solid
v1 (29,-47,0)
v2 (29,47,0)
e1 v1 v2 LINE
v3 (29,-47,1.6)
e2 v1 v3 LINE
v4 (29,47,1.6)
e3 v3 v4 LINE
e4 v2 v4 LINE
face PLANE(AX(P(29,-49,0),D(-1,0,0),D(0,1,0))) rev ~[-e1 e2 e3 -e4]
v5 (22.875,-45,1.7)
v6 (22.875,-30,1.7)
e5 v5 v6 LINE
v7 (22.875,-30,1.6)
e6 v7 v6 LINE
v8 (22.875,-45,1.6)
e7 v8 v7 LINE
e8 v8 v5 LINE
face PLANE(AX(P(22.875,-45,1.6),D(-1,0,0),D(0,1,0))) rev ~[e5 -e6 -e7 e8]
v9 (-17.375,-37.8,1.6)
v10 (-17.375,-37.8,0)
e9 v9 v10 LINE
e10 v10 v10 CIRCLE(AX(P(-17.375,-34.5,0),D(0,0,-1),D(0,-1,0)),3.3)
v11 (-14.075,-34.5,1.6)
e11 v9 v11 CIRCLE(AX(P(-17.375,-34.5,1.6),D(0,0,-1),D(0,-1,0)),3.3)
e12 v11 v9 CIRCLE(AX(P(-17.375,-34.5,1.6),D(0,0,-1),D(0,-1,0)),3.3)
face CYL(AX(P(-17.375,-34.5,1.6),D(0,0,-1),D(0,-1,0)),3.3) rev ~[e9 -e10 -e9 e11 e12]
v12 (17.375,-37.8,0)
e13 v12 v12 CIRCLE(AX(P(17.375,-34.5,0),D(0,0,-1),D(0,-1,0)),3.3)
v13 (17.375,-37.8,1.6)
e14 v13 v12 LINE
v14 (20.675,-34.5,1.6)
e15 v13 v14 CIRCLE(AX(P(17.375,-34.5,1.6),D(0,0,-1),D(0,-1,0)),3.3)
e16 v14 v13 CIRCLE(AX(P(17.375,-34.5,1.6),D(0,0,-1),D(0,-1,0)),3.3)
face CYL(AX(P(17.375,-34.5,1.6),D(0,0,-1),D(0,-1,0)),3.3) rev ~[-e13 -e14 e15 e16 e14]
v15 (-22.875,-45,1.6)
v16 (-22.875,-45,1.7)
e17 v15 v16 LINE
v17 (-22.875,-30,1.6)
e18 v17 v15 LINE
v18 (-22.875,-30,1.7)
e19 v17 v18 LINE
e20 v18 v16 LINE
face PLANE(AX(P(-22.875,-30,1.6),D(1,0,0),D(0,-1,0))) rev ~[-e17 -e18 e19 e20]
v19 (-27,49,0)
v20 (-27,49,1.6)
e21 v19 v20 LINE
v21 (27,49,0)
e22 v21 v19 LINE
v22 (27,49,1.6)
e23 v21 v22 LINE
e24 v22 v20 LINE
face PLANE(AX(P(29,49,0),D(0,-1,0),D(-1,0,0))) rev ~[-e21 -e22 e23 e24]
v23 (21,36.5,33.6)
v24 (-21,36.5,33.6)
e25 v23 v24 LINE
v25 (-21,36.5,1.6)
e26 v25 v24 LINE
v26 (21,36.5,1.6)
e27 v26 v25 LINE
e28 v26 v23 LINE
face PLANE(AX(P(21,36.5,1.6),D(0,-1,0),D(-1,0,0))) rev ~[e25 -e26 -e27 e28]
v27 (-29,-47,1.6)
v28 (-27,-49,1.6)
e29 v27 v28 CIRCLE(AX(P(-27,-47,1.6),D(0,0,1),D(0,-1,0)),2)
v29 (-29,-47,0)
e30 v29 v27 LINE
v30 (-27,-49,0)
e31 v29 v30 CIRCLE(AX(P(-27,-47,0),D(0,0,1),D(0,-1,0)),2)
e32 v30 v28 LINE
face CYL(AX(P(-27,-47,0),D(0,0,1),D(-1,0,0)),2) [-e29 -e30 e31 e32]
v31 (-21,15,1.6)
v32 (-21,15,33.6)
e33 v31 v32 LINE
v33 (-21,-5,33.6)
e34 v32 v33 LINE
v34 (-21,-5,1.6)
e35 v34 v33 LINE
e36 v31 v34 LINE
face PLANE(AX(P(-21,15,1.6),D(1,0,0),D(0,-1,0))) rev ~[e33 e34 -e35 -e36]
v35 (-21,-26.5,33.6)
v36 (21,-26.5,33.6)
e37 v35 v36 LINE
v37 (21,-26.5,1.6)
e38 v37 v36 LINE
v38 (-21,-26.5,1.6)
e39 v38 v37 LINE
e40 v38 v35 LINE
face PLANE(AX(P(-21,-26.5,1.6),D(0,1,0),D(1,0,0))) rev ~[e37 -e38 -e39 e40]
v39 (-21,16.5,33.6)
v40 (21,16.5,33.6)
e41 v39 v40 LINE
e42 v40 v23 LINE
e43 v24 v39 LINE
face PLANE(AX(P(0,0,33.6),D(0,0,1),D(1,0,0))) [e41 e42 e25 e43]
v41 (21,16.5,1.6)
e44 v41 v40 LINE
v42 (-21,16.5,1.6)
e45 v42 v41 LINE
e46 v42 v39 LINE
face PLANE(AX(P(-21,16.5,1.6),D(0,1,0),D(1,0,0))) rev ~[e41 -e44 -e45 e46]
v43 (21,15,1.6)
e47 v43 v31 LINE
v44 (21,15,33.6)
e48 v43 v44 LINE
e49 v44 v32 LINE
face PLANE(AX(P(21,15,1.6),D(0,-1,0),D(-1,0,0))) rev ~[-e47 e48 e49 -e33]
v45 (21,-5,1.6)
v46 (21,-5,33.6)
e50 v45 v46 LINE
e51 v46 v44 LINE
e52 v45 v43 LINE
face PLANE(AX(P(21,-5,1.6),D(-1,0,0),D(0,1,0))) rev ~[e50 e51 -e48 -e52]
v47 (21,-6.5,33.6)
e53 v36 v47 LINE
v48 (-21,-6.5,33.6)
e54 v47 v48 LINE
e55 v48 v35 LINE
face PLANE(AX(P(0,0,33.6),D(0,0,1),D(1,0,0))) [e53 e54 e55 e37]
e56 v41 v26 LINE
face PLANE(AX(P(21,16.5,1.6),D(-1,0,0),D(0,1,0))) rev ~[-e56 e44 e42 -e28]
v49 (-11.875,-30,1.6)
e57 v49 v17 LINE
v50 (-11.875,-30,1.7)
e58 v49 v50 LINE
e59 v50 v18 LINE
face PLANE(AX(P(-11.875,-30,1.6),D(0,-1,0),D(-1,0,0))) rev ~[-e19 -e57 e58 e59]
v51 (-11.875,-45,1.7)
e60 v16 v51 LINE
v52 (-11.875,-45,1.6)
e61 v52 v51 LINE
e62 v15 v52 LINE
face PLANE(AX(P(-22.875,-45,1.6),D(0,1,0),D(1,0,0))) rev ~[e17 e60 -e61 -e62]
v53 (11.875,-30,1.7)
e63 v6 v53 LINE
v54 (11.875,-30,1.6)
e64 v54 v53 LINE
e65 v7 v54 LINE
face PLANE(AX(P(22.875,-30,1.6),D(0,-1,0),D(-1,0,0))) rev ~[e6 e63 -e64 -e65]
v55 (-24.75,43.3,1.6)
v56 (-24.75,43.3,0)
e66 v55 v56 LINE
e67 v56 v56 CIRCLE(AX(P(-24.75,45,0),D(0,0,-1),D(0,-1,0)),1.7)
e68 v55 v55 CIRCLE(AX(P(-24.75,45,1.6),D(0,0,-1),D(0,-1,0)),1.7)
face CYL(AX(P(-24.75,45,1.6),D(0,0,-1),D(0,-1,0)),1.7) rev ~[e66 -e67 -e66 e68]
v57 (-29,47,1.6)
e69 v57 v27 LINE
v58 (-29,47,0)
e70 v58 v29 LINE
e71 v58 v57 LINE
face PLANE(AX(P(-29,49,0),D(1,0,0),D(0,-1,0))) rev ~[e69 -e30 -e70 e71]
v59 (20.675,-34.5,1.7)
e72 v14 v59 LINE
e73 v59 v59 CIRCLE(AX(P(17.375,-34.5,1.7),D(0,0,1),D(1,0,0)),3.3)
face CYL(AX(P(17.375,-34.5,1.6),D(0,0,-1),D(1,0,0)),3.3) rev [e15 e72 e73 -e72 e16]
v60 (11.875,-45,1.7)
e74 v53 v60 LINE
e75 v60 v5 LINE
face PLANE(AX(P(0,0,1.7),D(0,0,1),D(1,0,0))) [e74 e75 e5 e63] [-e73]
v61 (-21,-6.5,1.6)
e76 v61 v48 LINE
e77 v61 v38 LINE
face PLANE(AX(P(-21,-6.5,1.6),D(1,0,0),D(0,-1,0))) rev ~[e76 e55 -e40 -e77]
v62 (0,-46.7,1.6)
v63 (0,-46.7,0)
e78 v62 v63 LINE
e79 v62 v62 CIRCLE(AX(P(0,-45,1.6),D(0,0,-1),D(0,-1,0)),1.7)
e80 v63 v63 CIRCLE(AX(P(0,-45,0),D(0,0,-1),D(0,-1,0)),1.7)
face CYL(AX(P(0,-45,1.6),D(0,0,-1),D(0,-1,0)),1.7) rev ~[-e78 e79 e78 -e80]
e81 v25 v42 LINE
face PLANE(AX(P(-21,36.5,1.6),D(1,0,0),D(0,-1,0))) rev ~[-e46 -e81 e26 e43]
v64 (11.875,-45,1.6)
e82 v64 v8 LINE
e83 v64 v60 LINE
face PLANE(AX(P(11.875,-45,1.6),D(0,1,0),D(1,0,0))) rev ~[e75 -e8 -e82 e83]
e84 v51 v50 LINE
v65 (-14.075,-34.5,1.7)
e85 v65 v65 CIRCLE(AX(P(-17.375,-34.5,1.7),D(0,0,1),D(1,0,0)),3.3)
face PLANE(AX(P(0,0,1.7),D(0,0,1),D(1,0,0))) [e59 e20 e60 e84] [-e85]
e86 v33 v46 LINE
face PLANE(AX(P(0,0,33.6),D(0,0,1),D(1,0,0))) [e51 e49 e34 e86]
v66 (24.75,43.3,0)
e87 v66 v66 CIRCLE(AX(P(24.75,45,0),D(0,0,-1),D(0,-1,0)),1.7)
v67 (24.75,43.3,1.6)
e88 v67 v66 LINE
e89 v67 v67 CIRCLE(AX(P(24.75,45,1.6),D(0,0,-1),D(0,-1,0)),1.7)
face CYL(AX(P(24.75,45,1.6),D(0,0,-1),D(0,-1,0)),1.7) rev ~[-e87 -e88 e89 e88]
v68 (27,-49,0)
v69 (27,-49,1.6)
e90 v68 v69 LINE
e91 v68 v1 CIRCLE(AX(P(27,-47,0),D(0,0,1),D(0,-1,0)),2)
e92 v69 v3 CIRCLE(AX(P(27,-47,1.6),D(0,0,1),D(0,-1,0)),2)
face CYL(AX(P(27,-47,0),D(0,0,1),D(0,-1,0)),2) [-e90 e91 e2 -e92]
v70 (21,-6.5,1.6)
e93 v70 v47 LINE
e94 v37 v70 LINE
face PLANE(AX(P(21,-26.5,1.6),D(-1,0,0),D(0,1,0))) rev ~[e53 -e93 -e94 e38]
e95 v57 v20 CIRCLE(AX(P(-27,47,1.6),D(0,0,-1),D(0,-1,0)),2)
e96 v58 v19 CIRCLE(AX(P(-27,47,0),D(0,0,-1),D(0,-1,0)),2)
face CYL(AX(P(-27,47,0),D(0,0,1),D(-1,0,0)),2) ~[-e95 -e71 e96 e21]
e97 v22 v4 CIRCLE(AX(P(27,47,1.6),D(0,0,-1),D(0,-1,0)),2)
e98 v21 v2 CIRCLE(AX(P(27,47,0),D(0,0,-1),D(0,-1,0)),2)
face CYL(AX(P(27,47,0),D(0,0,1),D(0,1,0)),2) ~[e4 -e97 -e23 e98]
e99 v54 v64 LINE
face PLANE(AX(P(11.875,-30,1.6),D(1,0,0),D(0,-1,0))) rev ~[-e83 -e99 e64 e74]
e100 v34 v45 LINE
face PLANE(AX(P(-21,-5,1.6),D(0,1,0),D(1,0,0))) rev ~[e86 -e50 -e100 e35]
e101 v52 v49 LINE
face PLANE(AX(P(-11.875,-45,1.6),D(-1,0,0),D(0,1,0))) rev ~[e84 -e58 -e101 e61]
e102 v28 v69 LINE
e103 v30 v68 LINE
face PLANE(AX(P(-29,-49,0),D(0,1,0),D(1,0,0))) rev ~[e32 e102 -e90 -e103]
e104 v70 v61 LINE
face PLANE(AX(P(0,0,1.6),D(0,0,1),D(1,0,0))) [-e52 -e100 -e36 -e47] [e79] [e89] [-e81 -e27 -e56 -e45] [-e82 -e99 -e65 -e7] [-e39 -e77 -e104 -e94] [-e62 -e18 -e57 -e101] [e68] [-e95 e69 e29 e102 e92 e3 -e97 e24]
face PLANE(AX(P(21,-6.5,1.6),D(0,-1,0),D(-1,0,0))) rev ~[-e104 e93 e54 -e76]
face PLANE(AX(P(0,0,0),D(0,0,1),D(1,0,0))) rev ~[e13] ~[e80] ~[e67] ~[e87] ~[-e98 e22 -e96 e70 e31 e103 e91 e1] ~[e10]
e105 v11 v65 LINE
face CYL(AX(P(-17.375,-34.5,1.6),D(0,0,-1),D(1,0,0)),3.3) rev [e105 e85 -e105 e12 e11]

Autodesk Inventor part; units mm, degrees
ref_plane "YZ Plane" through (0, 0, 0) normal (1, 0, 0) x (0, 1, 0)
ref_plane "XZ Plane" through (0, 0, 0) normal (0, 1, 0) x (-1, 0, 0)
ref_plane "XY Plane" through (0, 0, 0) normal (0, 0, 1) x (1, 0, 0)
sketch "Sketch1" plane through (0, 0, 0) normal (0, 0, 1) x (1, 0, 0)
  line L0 (-29, -49) -> (29, -49)
  line L1 (29, -49) -> (29, 49)
  line L2 (29, 49) -> (-29, 49)
  line L3 (-29, 49) -> (-29, -49)
  line L4 (-29, -49) -> (29, 49) construction
  line L5 (29, -49) -> (-29, 49) construction
  point P0 (0, 0)
  dimension "d0" = 58
  dimension "d1" = 98
extrude "Extrusion1" add sketch "Sketch1" along normal blind 1.6
sketch "Sketch2" plane through (0, 0, 1.6) normal (0, 0, 1) x (1, 0, 0)
  line L0 (-21, 16.5) -> (21, 16.5)
  line L1 (21, 16.5) -> (21, 36.5)
  line L2 (21, 36.5) -> (-21, 36.5)
  line L3 (-21, 36.5) -> (-21, 16.5)
  line L4 (-21, 16.5) -> (21, 36.5) construction
  line L5 (21, 16.5) -> (-21, 36.5) construction
  line L6 (-21, -5) -> (21, -5)
  line L7 (21, -5) -> (21, 15)
  line L8 (21, 15) -> (-21, 15)
  line L9 (-21, 15) -> (-21, -5)
  line L10 (-21, -5) -> (21, 15) construction
  line L11 (21, -5) -> (-21, 15) construction
  line L12 (-21, -26.5) -> (21, -26.5)
  line L13 (21, -26.5) -> (21, -6.5)
  line L14 (21, -6.5) -> (-21, -6.5)
  line L15 (-21, -6.5) -> (-21, -26.5)
  line L16 (-21, -26.5) -> (21, -6.5) construction
  line L17 (21, -26.5) -> (-21, -6.5) construction
  line L18 (-29, -49) -> (29, -49) projected
  line L19 (29, 49) -> (-29, 49) projected
  point P0 (0, 0)
  point P1 (0, 26.5)
  point P2 (0, 5)
  point P3 (0, -16.5)
  point P4 (0, 16.5)
  dimension "d4" = 42
  dimension "d5" = 20
  dimension "d6" = 20
  dimension "d7" = 20
  dimension "d8" = 1.5
  dimension "d9" = 1.5
  dimension "d31" = 12.5
extrude "Extrusion2" add sketch "Sketch2" along normal blind 32
sketch "Sketch3" plane through (0, 0, 1.6) normal (0, 0, 1) x (1, 0, 0)
  line L0 (-24.75, -45) -> (24.75, -45) construction
  line L1 (24.75, -45) -> (24.75, 45) construction
  line L2 (24.75, 45) -> (-24.75, 45) construction
  line L3 (-24.75, 45) -> (-24.75, -45) construction
  line L4 (-24.75, -45) -> (24.75, 45) construction
  line L5 (24.75, -45) -> (-24.75, 45) construction
  point P0 (0, 0)
  point P1 (0, -45)
  dimension "d13" = 90
  dimension "d14" = 49.5
hole "Hole1" at (-24.75, 45, 1.6) at (24.75, 45, 1.6) at (0, -45, 1.6) direction (0, 0, -1) diameter 3.4 depth 9.525 tip angle 118 clearance for "Countersunk Flat Head Screw DIN EN ISO 2009" size "M3" standard "DIN"
fillet "Fillet1" radius 2 4 edges at (29, 49, 0.8) (-29, 49, 0.8) (29, -49, 0.8) (-29, -49, 0.8)
sketch "Sketch4" plane through (0, 0, 1.6) normal (0, 0, 1) x (1, 0, 0)
  line L0 (-17.375, -34.5) -> (17.375, -34.5) construction
  circle A0 centre (24.75, -45) radius 1.7 construction
  line L1 (-27, -49) -> (27, -49) projected
  point P0 (0, 0)
  point P1 (0, -34.5)
  dimension "d23" = 34.75
  dimension "d32" = 14.5
hole "Hole2" at (-17.375, -34.5, 1.6) at (17.375, -34.5, 1.6) direction (0, 0, -1) diameter 6.6 depth 9.525 tip angle 118 clearance for "Countersunk Flat Head Screw DIN EN ISO 2009" size "M6" standard "DIN"
sketch "Sketch5" plane through (0, 0, 1.6) normal (0, 0, 1) x (1, 0, 0)
  point P0 (0, 0)
sketch "Sketch6" plane through (0, 0, 1.6) normal (0, 0, 1) x (1, 0, 0)
  line L0 (-22.875, -45) -> (-11.875, -45)
  line L1 (-11.875, -45) -> (-11.875, -30)
  line L2 (-11.875, -30) -> (-22.875, -30)
  line L3 (-22.875, -30) -> (-22.875, -45)
  line L4 (-22.875, -45) -> (-11.875, -30) construction
  line L5 (-11.875, -45) -> (-22.875, -30) construction
  line L6 (11.875, -45) -> (22.875, -45)
  line L7 (22.875, -45) -> (22.875, -30)
  line L8 (22.875, -30) -> (11.875, -30)
  line L9 (11.875, -30) -> (11.875, -45)
  line L10 (11.875, -45) -> (22.875, -30) construction
  line L11 (22.875, -45) -> (11.875, -30) construction
  circle A0 centre (-17.375, -34.5) radius 3.3 projected
  circle A1 centre (17.375, -34.5) radius 3.3 projected
  point P0 (0, 0)
  point P1 (-17.375, -37.5)
  point P2 (17.375, -37.5)
  point P3 (-17.375, -37.5)
  point P4 (17.375, -37.5)
  dimension "d33" = 3
  dimension "d34" = 11
  dimension "d35" = 11
  dimension "d36" = 15
extrude "Extrusion3" add sketch "Sketch6" along normal blind 0.1
properties part number "Cap_Platine"
